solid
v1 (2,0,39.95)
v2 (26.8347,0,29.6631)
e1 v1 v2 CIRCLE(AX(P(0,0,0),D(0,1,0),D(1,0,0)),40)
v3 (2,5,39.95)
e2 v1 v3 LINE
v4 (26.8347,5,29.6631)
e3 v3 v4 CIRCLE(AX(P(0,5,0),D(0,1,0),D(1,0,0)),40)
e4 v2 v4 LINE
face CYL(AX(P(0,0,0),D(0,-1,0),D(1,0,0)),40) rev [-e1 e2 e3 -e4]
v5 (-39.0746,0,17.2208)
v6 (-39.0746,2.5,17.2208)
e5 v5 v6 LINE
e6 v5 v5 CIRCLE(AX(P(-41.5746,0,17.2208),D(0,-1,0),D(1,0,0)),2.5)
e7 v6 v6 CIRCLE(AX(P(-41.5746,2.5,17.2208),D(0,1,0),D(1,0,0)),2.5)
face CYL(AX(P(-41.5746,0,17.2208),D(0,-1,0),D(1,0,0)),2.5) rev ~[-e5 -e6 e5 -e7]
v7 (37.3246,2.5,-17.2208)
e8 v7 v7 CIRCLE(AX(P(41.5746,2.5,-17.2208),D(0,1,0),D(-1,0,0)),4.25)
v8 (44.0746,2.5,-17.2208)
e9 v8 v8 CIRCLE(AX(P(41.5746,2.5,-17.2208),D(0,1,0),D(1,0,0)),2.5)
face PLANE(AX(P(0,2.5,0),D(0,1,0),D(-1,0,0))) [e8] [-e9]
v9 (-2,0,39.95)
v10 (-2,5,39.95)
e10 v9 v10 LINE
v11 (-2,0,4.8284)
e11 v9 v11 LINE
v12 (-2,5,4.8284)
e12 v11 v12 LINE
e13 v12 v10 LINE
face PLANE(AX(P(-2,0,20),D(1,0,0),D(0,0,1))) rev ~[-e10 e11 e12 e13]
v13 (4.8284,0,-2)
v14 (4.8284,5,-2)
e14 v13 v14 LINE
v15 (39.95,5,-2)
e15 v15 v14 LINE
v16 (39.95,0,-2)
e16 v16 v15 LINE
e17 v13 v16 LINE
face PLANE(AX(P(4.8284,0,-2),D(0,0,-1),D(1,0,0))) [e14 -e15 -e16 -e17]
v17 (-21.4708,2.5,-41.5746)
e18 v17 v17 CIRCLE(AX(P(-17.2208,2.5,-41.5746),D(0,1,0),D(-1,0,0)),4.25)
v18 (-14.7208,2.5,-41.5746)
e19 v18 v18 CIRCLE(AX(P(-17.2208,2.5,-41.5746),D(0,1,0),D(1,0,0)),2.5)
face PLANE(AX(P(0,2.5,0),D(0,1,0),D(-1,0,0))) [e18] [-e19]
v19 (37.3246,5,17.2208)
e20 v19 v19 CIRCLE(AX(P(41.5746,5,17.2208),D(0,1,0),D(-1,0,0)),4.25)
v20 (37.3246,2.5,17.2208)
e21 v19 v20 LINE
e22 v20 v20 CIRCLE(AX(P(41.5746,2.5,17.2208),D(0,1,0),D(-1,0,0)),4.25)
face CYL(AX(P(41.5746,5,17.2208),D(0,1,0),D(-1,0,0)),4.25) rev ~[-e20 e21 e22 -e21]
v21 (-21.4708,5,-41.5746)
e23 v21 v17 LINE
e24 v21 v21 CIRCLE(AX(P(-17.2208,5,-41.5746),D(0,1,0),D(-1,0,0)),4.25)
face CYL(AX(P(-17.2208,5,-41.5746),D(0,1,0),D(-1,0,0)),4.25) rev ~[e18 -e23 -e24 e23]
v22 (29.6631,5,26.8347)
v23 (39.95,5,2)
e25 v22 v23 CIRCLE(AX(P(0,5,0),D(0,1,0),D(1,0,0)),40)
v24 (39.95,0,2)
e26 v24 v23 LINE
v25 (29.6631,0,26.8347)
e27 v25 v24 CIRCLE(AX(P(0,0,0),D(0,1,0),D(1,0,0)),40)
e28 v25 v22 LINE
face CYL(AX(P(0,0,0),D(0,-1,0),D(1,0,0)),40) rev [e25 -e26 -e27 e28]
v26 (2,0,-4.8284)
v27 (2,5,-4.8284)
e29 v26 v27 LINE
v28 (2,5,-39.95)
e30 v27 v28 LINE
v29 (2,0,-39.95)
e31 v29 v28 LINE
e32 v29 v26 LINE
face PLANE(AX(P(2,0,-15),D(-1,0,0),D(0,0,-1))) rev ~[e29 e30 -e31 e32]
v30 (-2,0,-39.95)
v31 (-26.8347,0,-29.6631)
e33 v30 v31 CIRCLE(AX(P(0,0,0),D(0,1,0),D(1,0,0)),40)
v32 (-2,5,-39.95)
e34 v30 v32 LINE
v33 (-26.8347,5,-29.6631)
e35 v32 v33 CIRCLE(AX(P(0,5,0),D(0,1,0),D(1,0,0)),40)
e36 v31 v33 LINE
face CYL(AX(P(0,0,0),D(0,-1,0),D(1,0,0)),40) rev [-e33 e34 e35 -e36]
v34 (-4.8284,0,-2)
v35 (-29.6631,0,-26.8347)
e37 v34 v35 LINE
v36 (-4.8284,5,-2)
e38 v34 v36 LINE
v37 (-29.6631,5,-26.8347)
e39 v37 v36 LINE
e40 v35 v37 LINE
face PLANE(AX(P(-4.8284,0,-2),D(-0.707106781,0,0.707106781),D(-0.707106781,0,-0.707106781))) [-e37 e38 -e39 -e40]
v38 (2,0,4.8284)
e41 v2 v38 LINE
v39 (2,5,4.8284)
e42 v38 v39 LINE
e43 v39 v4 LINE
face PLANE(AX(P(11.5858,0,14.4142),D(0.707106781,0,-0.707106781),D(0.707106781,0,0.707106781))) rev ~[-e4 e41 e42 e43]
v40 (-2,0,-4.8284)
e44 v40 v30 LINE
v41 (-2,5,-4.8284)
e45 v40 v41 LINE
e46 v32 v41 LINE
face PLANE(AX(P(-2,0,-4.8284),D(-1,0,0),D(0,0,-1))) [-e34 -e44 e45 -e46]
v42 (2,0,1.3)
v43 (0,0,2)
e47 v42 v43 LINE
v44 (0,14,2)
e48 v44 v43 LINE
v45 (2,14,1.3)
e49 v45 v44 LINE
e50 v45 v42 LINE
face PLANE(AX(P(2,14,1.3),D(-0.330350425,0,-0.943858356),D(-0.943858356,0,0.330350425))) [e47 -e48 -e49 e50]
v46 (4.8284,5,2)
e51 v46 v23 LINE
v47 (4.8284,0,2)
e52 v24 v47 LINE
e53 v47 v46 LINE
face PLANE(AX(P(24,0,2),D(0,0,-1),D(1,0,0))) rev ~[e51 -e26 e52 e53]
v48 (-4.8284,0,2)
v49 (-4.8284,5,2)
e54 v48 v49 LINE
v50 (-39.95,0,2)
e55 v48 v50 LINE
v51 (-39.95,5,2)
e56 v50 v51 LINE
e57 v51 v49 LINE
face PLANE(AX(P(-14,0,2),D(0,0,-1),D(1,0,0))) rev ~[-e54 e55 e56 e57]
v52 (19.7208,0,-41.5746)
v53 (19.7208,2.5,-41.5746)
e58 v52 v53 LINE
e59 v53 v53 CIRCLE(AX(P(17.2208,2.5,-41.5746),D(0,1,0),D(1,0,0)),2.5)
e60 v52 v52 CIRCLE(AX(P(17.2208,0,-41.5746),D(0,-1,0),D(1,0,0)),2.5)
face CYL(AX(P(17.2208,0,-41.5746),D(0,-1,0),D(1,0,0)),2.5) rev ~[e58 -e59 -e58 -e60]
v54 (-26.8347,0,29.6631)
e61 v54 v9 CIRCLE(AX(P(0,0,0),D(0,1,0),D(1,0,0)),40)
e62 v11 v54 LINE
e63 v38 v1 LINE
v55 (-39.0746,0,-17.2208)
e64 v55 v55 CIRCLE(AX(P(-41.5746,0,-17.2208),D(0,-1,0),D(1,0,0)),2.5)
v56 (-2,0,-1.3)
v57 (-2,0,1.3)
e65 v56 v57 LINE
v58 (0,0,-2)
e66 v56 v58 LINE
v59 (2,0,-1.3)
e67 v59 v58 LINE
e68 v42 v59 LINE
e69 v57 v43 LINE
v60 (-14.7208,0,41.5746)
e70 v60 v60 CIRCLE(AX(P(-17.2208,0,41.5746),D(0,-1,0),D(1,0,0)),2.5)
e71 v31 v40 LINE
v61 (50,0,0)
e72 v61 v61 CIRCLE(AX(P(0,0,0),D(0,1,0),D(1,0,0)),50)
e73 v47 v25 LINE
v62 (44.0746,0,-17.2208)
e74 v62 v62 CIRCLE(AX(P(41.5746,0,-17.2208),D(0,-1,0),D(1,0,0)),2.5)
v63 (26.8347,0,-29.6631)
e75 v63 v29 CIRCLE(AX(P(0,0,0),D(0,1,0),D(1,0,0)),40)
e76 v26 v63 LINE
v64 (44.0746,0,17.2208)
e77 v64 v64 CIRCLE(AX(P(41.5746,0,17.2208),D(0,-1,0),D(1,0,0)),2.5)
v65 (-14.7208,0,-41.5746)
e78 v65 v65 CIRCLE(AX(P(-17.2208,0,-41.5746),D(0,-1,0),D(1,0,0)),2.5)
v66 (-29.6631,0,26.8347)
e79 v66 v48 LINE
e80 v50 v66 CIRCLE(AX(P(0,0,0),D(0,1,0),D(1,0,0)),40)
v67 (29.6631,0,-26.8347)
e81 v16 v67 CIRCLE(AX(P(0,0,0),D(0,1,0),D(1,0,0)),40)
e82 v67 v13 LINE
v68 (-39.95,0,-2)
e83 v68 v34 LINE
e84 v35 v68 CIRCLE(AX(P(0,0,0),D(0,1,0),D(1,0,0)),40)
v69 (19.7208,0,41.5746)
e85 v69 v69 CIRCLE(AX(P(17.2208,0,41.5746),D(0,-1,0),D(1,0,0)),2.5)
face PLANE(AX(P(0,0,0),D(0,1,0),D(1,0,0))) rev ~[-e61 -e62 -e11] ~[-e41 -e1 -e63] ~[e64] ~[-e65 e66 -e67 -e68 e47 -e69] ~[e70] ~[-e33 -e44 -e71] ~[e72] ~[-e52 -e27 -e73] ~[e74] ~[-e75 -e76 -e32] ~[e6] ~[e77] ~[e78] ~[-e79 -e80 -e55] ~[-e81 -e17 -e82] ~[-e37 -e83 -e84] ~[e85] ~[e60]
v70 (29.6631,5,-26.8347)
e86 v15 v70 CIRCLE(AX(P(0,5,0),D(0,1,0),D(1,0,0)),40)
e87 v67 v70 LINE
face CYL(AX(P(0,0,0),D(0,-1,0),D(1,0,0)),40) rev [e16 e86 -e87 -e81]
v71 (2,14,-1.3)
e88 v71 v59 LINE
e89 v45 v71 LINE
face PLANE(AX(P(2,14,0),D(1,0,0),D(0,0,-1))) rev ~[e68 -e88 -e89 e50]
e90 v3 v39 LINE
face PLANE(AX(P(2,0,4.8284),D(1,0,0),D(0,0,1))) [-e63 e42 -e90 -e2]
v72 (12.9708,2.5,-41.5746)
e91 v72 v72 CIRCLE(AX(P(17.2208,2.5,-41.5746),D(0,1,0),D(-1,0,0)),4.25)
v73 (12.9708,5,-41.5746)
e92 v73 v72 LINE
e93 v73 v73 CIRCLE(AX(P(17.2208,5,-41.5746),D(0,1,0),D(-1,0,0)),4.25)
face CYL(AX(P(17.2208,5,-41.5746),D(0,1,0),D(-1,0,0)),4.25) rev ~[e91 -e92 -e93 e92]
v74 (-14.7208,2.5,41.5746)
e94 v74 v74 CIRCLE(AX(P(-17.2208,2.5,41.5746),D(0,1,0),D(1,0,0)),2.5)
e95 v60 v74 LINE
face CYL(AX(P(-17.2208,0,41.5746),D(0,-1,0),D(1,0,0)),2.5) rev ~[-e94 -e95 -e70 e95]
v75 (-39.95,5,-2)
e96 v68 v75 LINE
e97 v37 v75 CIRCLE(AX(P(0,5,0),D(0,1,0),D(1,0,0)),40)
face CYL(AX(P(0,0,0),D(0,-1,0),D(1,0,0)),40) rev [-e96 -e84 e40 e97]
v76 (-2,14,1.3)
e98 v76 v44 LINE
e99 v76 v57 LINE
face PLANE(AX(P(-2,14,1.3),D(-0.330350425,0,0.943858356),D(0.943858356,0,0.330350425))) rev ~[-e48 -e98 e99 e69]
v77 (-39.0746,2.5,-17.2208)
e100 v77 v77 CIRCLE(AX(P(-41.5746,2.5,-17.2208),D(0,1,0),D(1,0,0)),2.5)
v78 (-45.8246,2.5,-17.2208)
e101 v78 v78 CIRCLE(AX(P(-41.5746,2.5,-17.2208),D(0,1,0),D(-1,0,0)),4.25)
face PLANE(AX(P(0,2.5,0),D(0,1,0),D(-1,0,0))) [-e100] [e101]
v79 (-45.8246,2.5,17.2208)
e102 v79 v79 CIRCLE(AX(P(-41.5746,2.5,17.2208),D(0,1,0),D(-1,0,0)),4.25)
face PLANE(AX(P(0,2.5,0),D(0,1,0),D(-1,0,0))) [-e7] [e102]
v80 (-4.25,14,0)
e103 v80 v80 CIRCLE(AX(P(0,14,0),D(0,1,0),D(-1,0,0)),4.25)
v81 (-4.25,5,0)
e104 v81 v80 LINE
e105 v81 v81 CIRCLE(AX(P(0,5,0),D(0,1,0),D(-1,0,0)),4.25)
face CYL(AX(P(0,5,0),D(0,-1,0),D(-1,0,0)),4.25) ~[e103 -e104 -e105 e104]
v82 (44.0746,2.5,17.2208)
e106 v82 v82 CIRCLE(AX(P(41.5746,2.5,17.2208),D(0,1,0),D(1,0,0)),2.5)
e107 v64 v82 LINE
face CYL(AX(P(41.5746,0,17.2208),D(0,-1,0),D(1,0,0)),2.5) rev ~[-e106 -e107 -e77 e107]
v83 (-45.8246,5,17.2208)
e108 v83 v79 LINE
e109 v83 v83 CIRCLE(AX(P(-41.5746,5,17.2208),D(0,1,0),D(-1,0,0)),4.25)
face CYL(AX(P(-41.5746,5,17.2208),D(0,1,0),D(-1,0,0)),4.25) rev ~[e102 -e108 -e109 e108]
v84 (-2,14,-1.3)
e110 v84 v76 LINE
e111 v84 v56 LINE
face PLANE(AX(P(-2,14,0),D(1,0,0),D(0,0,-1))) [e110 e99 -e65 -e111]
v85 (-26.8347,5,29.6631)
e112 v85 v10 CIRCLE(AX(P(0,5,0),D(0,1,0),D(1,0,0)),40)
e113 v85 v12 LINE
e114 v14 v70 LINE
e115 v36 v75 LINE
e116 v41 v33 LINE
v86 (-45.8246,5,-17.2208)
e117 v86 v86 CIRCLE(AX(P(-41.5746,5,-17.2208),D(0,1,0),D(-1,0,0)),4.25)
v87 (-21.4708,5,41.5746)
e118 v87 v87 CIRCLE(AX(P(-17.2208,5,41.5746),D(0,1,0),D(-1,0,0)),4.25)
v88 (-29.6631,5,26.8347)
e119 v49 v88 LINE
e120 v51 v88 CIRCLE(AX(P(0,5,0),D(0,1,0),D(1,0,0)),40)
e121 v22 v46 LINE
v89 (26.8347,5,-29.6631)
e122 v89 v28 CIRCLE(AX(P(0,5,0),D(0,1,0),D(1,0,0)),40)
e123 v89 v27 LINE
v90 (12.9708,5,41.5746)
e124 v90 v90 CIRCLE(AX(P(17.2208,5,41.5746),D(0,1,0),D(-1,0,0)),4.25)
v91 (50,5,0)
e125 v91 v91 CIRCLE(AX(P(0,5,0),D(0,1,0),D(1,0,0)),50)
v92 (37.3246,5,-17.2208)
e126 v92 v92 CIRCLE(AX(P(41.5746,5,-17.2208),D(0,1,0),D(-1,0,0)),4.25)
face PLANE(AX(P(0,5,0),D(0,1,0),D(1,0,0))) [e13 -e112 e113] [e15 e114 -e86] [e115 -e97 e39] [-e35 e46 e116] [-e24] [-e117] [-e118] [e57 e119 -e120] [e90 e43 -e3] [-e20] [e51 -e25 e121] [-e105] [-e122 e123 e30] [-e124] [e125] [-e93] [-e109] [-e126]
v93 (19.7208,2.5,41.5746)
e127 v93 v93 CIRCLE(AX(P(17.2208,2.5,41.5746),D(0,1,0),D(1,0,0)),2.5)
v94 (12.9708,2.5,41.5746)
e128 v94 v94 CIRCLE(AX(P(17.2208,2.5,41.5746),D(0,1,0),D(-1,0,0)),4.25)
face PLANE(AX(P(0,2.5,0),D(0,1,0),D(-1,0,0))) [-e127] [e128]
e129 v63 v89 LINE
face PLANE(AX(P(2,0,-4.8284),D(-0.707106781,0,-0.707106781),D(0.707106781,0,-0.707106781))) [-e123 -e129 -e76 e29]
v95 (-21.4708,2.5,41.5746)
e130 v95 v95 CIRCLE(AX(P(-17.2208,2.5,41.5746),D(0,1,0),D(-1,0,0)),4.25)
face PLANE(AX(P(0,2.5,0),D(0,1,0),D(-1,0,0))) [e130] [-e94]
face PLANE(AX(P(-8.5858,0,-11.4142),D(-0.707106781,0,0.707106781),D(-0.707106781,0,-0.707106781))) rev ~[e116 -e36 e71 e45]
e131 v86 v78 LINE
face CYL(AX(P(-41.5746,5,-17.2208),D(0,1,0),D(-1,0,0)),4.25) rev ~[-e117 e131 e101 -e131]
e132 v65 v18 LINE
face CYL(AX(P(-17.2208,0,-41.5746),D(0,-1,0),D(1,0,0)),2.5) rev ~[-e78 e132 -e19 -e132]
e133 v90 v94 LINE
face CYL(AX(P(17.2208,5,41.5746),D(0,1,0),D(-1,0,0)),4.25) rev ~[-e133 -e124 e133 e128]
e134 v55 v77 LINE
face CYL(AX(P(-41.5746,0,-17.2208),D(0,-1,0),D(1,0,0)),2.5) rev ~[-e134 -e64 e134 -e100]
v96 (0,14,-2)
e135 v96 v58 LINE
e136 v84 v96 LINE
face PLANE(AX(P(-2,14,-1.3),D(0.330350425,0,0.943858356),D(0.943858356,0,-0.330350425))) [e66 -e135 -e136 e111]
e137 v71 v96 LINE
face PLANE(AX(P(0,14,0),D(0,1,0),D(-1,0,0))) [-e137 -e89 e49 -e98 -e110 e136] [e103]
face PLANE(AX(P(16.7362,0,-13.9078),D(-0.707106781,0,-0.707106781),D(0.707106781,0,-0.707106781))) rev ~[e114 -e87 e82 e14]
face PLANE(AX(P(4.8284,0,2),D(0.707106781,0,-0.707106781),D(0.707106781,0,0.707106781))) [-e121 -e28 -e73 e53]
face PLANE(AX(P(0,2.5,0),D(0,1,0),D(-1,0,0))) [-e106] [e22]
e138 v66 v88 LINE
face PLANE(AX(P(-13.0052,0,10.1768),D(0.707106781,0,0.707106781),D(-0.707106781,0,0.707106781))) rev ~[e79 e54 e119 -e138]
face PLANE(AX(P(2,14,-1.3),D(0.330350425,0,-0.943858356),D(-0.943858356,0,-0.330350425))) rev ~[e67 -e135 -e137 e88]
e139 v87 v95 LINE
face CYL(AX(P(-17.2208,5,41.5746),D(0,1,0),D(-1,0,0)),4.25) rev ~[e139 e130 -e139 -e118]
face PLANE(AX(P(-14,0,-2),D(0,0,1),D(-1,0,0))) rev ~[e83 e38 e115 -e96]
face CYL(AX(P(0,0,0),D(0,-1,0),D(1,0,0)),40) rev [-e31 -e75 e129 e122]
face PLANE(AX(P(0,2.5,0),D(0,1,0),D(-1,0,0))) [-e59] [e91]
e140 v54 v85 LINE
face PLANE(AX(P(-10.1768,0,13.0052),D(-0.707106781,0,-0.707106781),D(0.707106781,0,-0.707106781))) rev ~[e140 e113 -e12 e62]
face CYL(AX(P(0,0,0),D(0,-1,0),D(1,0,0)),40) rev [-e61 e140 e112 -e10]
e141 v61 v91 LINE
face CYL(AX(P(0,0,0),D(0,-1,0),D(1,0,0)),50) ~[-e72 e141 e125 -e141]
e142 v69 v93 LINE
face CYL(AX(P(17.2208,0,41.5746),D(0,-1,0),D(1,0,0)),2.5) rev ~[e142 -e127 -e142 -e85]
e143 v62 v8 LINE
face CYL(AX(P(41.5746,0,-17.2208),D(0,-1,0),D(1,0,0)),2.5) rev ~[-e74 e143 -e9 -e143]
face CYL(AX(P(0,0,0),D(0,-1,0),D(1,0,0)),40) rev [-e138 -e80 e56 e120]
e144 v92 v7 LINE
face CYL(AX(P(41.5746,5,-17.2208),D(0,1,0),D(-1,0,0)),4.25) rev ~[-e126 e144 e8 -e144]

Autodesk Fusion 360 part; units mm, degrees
sketch "Sketch1" plane through (0, 0, 0) normal (0, 1, 0) x (1, 0, 0) in component "Circle Out"
  circle A0 centre (0, 0) radius 50
  circle A1 centre (0, 0) radius 40
  circle A2 centre (0, 0) radius 4.5
  line L0 (11.5858, -14.4142) -> (2, -4.8284)
  line L1 (2, -20) -> (2, -39.95)
  line L2 (11.5858, -14.4142) -> (26.8347, -29.6631)
  line L3 (-2, -20) -> (-2, -39.95)
  line L4 (14.4142, -11.5858) -> (29.6631, -26.8347)
  line L5 (24, -2) -> (4.8284, -2)
  line L6 (24, -2) -> (39.95, -2)
  line L7 (24, 2) -> (39.95, 2)
  line L8 (16.7362, 13.9078) -> (4.8284, 2)
  line L9 (16.7362, 13.9078) -> (29.6631, 26.8347)
  line L10 (13.9078, 16.7362) -> (26.8347, 29.6631)
  line L11 (2, 15) -> (2, 4.8284)
  line L12 (2, 15) -> (2, 39.95)
  line L13 (-2, 15) -> (-2, 39.95)
  line L14 (-8.5858, 11.4142) -> (-2, 4.8284)
  line L15 (-8.5858, 11.4142) -> (-26.8347, 29.6631)
  line L16 (-11.4142, 8.5858) -> (-11.591, 8.7626)
  line L17 (-11.591, 8.7626) -> (-29.6631, 26.8347)
  line L18 (-14, 2) -> (-4.8284, 2)
  line L19 (-14, 2) -> (-39.95, 2)
  line L20 (-14, -2) -> (-39.95, -2)
  line L21 (-13.0052, -10.1768) -> (-4.8284, -2)
  line L22 (-13.0052, -10.1768) -> (-29.6631, -26.8347)
  line L23 (-10.1768, -13.0052) -> (-26.8347, -29.6631)
  line L24 (-10.1768, -13.0052) -> (-2, -4.8284)
  line L25 (-2, -4.8284) -> (-2, -39.95)
  line L26 (2, -4.8284) -> (2, -20)
  line L27 (4.8284, -2) -> (14.4142, -11.5858)
  line L28 (4.8284, 2) -> (24, 2)
  line L29 (2, 4.8284) -> (13.9078, 16.7362)
  line L30 (-2, 4.8284) -> (-2, 15)
  line L31 (-4.8284, 2) -> (-11.4142, 8.5858)
  line L32 (-14, -2) -> (-4.8284, -2)
  dimension "d2" = 100
  dimension "d3" = 9
extrude "Extrude1" add sketch "Sketch1" along normal blind 5 contours A0 | A1 L0 L1 L2 L3 L4 L5 L6 L7 L8 L9 L10 L11 L12 L13 L14 L15 L16 L17 L18 L19 L20 L21 L22 L23 L24 L25 L26 L27 L28 L29 L30 L31 L32 | A2 in component "Circle Out"
sketch "Sketch2" plane through (0, 5, 0) normal (0, 1, 0) x (-1, 0, 0) in component "Circle Out"
  line L0 (4.8284, -2) -> (39.95, -2)
  arc A0 (29.6631, -26.8347) -> (39.95, -2) centre (0, 0) ccw
  line L1 (29.6631, -26.8347) -> (4.8284, -2)
  line L2 (-2, -4.8284) -> (-2, -39.95)
  arc A1 (-26.8347, -29.6631) -> (-2, -39.95) centre (0, 0) ccw
  line L3 (-26.8347, -29.6631) -> (-2, -4.8284)
  line L4 (2, -4.8284) -> (26.8347, -29.6631)
  arc A2 (2, -39.95) -> (26.8347, -29.6631) centre (0, 0) ccw
  line L5 (2, -39.95) -> (2, -4.8284)
  line L6 (-4.8284, -2) -> (-29.6631, -26.8347)
  arc A3 (-39.95, -2) -> (-29.6631, -26.8347) centre (0, 0) ccw
  line L7 (-39.95, -2) -> (-4.8284, -2)
  arc A4 (39.95, 2) -> (29.6631, 26.8347) centre (0, 0) ccw
  line L8 (39.95, 2) -> (4.8284, 2)
  line L9 (4.8284, 2) -> (29.6631, 26.8347)
  line L10 (-4.8284, 2) -> (-39.95, 2)
  arc A5 (-29.6631, 26.8347) -> (-39.95, 2) centre (0, 0) ccw
  line L11 (-29.6631, 26.8347) -> (-4.8284, 2)
  line L12 (26.8347, 29.6631) -> (2, 4.8284)
  line L13 (2, 4.8284) -> (2, 39.95)
  arc A6 (26.8347, 29.6631) -> (2, 39.95) centre (0, 0) ccw
  line L14 (-2, 4.8284) -> (-26.8347, 29.6631)
  arc A7 (-2, 39.95) -> (-26.8347, 29.6631) centre (0, 0) ccw
  line L15 (-2, 39.95) -> (-2, 4.8284)
  circle A8 centre (0, 0) radius 50
  circle A9 centre (0, 0) radius 4.25
  dimension "d25" = 8.5
extrude "Extrude2" add sketch "Sketch2" along normal blind 9 contours A9 in component "Circle Out"
sketch "Sketch3" plane through (0, 14, 0) normal (0, 1, 0) x (-1, 0, 0) in component "Circle Out"
  circle A0 centre (0, 0) radius 4.25
  line L0 (-2, 0) -> (-2, 1.3)
  line L1 (-2, 1.3) -> (0, 2)
  line L2 (2, 0) -> (2, 1.3)
  line L3 (2, 1.3) -> (0, 2)
  line L4 (-2, 0) -> (-2, -1.3)
  line L5 (-2, -1.3) -> (0, -2)
  line L6 (2, 0) -> (2, -1.3)
  line L7 (2, -1.3) -> (0, -2)
extrude "Extrude3" cut sketch "Sketch3" against normal blind 16 contours L0 L1 L2 L3 L4 L5 L6 L7 in component "Circle Out"
sketch "Sketch4" plane through (0, 0, 0) normal (0, -1, 0) x (1, 0, 0) in component "Circle Out"
  line L0 (-2, 1.3) -> (0, 2)
  line L1 (0, 2) -> (2, 1.3)
  line L2 (2, 1.3) -> (2, -1.3)
  line L3 (2, -1.3) -> (0, -2)
  line L4 (0, -2) -> (-2, -1.3)
  line L5 (-2, -1.3) -> (-2, 1.3)
  line L6 (-39.95, -2) -> (-4.8284, -2)
  line L7 (-4.8284, -2) -> (-29.6631, -26.8347)
  arc A0 (-39.95, -2) -> (-29.6631, -26.8347) centre (0, 0) ccw
  line L8 (2, -39.95) -> (2, -4.8284)
  line L9 (2, -4.8284) -> (26.8347, -29.6631)
  arc A1 (2, -39.95) -> (26.8347, -29.6631) centre (0, 0) ccw
  line L10 (-26.8347, -29.6631) -> (-2, -4.8284)
  line L11 (-2, -4.8284) -> (-2, -39.95)
  arc A2 (-26.8347, -29.6631) -> (-2, -39.95) centre (0, 0) ccw
  line L12 (29.6631, -26.8347) -> (4.8284, -2)
  line L13 (4.8284, -2) -> (39.95, -2)
  arc A3 (29.6631, -26.8347) -> (39.95, -2) centre (0, 0) ccw
  arc A4 (-29.6631, 26.8347) -> (-39.95, 2) centre (0, 0) ccw
  line L14 (-29.6631, 26.8347) -> (-4.8284, 2)
  line L15 (-4.8284, 2) -> (-39.95, 2)
  line L16 (39.95, 2) -> (4.8284, 2)
  line L17 (4.8284, 2) -> (29.6631, 26.8347)
  arc A5 (39.95, 2) -> (29.6631, 26.8347) centre (0, 0) ccw
  line L18 (-2, 4.8284) -> (-26.8347, 29.6631)
  arc A6 (-2, 39.95) -> (-26.8347, 29.6631) centre (0, 0) ccw
  line L19 (-2, 39.95) -> (-2, 4.8284)
  line L20 (26.8347, 29.6631) -> (2, 4.8284)
  line L21 (2, 4.8284) -> (2, 39.95)
  arc A7 (26.8347, 29.6631) -> (2, 39.95) centre (0, 0) ccw
  circle A8 centre (0, 0) radius 50
  circle A9 centre (-17.2208, 41.5746) radius 2.5
  circle A10 centre (-41.5746, 17.2208) radius 2.5
  circle A11 centre (-41.5746, -17.2208) radius 2.5
  circle A12 centre (-17.2208, -41.5746) radius 2.5
  circle A13 centre (17.2208, -41.5746) radius 2.5
  circle A14 centre (41.5746, -17.2208) radius 2.5
  circle A15 centre (41.5746, 17.2208) radius 2.5
  circle A16 centre (17.2208, 41.5746) radius 2.5
  dimension "d32" = 5
  dimension "d33" = 5
  dimension "d34" = 5
  dimension "d35" = 5
  dimension "d36" = 5
  dimension "d37" = 5
  dimension "d38" = 5
  dimension "d39" = 5
extrude "Extrude4" cut sketch "Sketch4" against normal blind 10 contours A9 | A10 | A11 | A12 | A13 | A14 | A15 | A16 in component "Circle Out"
sketch "Sketch5" plane through (0, 5, 0) normal (0, 1, 0) x (-1, 0, 0) in component "Circle Out"
  circle A0 centre (-41.5746, 17.2208) radius 2.5
  circle A1 centre (41.5746, -17.2208) radius 2.5
  circle A2 centre (17.2208, -41.5746) radius 2.5
  circle A3 centre (-17.2208, 41.5746) radius 2.5
  circle A4 centre (-41.5746, -17.2208) radius 2.5
  circle A5 centre (41.5746, 17.2208) radius 2.5
  circle A6 centre (-17.2208, -41.5746) radius 2.5
  circle A7 centre (17.2208, 41.5746) radius 2.5
  circle A8 centre (0, 0) radius 4.25
  line L0 (4.8284, -2) -> (39.95, -2)
  arc A9 (29.6631, -26.8347) -> (39.95, -2) centre (0, 0) ccw
  line L1 (29.6631, -26.8347) -> (4.8284, -2)
  line L2 (-2, -4.8284) -> (-2, -39.95)
  arc A10 (-26.8347, -29.6631) -> (-2, -39.95) centre (0, 0) ccw
  line L3 (-26.8347, -29.6631) -> (-2, -4.8284)
  line L4 (2, -4.8284) -> (26.8347, -29.6631)
  arc A11 (2, -39.95) -> (26.8347, -29.6631) centre (0, 0) ccw
  line L5 (2, -39.95) -> (2, -4.8284)
  line L6 (-4.8284, -2) -> (-29.6631, -26.8347)
  arc A12 (-39.95, -2) -> (-29.6631, -26.8347) centre (0, 0) ccw
  line L7 (-39.95, -2) -> (-4.8284, -2)
  arc A13 (39.95, 2) -> (29.6631, 26.8347) centre (0, 0) ccw
  line L8 (39.95, 2) -> (4.8284, 2)
  line L9 (4.8284, 2) -> (29.6631, 26.8347)
  line L10 (-4.8284, 2) -> (-39.95, 2)
  arc A14 (-29.6631, 26.8347) -> (-39.95, 2) centre (0, 0) ccw
  line L11 (-29.6631, 26.8347) -> (-4.8284, 2)
  line L12 (26.8347, 29.6631) -> (2, 4.8284)
  line L13 (2, 4.8284) -> (2, 39.95)
  arc A15 (26.8347, 29.6631) -> (2, 39.95) centre (0, 0) ccw
  line L14 (-2, 4.8284) -> (-26.8347, 29.6631)
  arc A16 (-2, 39.95) -> (-26.8347, 29.6631) centre (0, 0) ccw
  line L15 (-2, 39.95) -> (-2, 4.8284)
  circle A17 centre (0, 0) radius 50
  circle A18 centre (-17.2208, 41.5746) radius 4.25
  circle A19 centre (17.2208, 41.5746) radius 4.25
  circle A20 centre (-41.5746, 17.2208) radius 4.25
  circle A21 centre (-41.5746, -17.2208) radius 4.25
  circle A22 centre (-17.2208, -41.5746) radius 4.25
  circle A23 centre (17.2208, -41.5746) radius 4.25
  circle A24 centre (41.5746, -17.2208) radius 4.25
  circle A25 centre (41.5746, 17.2208) radius 4.25
  dimension "d42" = 8.5
  dimension "d43" = 8.5
  dimension "d44" = 8.5
  dimension "d45" = 8.5
  dimension "d46" = 8.5
  dimension "d47" = 8.5
  dimension "d48" = 8.5
  dimension "d49" = 8.5
extrude "Extrude5" cut sketch "Sketch5" against normal blind 2.5 contours A18 | A19 | A20 | A21 | A22 | A23 | A24 | A25 in component "Circle Out"
component "Circle Out" placed x (1, 0, 0) y (0, 1, 0) z (0, 0, 1) at (0, 0, 0)
